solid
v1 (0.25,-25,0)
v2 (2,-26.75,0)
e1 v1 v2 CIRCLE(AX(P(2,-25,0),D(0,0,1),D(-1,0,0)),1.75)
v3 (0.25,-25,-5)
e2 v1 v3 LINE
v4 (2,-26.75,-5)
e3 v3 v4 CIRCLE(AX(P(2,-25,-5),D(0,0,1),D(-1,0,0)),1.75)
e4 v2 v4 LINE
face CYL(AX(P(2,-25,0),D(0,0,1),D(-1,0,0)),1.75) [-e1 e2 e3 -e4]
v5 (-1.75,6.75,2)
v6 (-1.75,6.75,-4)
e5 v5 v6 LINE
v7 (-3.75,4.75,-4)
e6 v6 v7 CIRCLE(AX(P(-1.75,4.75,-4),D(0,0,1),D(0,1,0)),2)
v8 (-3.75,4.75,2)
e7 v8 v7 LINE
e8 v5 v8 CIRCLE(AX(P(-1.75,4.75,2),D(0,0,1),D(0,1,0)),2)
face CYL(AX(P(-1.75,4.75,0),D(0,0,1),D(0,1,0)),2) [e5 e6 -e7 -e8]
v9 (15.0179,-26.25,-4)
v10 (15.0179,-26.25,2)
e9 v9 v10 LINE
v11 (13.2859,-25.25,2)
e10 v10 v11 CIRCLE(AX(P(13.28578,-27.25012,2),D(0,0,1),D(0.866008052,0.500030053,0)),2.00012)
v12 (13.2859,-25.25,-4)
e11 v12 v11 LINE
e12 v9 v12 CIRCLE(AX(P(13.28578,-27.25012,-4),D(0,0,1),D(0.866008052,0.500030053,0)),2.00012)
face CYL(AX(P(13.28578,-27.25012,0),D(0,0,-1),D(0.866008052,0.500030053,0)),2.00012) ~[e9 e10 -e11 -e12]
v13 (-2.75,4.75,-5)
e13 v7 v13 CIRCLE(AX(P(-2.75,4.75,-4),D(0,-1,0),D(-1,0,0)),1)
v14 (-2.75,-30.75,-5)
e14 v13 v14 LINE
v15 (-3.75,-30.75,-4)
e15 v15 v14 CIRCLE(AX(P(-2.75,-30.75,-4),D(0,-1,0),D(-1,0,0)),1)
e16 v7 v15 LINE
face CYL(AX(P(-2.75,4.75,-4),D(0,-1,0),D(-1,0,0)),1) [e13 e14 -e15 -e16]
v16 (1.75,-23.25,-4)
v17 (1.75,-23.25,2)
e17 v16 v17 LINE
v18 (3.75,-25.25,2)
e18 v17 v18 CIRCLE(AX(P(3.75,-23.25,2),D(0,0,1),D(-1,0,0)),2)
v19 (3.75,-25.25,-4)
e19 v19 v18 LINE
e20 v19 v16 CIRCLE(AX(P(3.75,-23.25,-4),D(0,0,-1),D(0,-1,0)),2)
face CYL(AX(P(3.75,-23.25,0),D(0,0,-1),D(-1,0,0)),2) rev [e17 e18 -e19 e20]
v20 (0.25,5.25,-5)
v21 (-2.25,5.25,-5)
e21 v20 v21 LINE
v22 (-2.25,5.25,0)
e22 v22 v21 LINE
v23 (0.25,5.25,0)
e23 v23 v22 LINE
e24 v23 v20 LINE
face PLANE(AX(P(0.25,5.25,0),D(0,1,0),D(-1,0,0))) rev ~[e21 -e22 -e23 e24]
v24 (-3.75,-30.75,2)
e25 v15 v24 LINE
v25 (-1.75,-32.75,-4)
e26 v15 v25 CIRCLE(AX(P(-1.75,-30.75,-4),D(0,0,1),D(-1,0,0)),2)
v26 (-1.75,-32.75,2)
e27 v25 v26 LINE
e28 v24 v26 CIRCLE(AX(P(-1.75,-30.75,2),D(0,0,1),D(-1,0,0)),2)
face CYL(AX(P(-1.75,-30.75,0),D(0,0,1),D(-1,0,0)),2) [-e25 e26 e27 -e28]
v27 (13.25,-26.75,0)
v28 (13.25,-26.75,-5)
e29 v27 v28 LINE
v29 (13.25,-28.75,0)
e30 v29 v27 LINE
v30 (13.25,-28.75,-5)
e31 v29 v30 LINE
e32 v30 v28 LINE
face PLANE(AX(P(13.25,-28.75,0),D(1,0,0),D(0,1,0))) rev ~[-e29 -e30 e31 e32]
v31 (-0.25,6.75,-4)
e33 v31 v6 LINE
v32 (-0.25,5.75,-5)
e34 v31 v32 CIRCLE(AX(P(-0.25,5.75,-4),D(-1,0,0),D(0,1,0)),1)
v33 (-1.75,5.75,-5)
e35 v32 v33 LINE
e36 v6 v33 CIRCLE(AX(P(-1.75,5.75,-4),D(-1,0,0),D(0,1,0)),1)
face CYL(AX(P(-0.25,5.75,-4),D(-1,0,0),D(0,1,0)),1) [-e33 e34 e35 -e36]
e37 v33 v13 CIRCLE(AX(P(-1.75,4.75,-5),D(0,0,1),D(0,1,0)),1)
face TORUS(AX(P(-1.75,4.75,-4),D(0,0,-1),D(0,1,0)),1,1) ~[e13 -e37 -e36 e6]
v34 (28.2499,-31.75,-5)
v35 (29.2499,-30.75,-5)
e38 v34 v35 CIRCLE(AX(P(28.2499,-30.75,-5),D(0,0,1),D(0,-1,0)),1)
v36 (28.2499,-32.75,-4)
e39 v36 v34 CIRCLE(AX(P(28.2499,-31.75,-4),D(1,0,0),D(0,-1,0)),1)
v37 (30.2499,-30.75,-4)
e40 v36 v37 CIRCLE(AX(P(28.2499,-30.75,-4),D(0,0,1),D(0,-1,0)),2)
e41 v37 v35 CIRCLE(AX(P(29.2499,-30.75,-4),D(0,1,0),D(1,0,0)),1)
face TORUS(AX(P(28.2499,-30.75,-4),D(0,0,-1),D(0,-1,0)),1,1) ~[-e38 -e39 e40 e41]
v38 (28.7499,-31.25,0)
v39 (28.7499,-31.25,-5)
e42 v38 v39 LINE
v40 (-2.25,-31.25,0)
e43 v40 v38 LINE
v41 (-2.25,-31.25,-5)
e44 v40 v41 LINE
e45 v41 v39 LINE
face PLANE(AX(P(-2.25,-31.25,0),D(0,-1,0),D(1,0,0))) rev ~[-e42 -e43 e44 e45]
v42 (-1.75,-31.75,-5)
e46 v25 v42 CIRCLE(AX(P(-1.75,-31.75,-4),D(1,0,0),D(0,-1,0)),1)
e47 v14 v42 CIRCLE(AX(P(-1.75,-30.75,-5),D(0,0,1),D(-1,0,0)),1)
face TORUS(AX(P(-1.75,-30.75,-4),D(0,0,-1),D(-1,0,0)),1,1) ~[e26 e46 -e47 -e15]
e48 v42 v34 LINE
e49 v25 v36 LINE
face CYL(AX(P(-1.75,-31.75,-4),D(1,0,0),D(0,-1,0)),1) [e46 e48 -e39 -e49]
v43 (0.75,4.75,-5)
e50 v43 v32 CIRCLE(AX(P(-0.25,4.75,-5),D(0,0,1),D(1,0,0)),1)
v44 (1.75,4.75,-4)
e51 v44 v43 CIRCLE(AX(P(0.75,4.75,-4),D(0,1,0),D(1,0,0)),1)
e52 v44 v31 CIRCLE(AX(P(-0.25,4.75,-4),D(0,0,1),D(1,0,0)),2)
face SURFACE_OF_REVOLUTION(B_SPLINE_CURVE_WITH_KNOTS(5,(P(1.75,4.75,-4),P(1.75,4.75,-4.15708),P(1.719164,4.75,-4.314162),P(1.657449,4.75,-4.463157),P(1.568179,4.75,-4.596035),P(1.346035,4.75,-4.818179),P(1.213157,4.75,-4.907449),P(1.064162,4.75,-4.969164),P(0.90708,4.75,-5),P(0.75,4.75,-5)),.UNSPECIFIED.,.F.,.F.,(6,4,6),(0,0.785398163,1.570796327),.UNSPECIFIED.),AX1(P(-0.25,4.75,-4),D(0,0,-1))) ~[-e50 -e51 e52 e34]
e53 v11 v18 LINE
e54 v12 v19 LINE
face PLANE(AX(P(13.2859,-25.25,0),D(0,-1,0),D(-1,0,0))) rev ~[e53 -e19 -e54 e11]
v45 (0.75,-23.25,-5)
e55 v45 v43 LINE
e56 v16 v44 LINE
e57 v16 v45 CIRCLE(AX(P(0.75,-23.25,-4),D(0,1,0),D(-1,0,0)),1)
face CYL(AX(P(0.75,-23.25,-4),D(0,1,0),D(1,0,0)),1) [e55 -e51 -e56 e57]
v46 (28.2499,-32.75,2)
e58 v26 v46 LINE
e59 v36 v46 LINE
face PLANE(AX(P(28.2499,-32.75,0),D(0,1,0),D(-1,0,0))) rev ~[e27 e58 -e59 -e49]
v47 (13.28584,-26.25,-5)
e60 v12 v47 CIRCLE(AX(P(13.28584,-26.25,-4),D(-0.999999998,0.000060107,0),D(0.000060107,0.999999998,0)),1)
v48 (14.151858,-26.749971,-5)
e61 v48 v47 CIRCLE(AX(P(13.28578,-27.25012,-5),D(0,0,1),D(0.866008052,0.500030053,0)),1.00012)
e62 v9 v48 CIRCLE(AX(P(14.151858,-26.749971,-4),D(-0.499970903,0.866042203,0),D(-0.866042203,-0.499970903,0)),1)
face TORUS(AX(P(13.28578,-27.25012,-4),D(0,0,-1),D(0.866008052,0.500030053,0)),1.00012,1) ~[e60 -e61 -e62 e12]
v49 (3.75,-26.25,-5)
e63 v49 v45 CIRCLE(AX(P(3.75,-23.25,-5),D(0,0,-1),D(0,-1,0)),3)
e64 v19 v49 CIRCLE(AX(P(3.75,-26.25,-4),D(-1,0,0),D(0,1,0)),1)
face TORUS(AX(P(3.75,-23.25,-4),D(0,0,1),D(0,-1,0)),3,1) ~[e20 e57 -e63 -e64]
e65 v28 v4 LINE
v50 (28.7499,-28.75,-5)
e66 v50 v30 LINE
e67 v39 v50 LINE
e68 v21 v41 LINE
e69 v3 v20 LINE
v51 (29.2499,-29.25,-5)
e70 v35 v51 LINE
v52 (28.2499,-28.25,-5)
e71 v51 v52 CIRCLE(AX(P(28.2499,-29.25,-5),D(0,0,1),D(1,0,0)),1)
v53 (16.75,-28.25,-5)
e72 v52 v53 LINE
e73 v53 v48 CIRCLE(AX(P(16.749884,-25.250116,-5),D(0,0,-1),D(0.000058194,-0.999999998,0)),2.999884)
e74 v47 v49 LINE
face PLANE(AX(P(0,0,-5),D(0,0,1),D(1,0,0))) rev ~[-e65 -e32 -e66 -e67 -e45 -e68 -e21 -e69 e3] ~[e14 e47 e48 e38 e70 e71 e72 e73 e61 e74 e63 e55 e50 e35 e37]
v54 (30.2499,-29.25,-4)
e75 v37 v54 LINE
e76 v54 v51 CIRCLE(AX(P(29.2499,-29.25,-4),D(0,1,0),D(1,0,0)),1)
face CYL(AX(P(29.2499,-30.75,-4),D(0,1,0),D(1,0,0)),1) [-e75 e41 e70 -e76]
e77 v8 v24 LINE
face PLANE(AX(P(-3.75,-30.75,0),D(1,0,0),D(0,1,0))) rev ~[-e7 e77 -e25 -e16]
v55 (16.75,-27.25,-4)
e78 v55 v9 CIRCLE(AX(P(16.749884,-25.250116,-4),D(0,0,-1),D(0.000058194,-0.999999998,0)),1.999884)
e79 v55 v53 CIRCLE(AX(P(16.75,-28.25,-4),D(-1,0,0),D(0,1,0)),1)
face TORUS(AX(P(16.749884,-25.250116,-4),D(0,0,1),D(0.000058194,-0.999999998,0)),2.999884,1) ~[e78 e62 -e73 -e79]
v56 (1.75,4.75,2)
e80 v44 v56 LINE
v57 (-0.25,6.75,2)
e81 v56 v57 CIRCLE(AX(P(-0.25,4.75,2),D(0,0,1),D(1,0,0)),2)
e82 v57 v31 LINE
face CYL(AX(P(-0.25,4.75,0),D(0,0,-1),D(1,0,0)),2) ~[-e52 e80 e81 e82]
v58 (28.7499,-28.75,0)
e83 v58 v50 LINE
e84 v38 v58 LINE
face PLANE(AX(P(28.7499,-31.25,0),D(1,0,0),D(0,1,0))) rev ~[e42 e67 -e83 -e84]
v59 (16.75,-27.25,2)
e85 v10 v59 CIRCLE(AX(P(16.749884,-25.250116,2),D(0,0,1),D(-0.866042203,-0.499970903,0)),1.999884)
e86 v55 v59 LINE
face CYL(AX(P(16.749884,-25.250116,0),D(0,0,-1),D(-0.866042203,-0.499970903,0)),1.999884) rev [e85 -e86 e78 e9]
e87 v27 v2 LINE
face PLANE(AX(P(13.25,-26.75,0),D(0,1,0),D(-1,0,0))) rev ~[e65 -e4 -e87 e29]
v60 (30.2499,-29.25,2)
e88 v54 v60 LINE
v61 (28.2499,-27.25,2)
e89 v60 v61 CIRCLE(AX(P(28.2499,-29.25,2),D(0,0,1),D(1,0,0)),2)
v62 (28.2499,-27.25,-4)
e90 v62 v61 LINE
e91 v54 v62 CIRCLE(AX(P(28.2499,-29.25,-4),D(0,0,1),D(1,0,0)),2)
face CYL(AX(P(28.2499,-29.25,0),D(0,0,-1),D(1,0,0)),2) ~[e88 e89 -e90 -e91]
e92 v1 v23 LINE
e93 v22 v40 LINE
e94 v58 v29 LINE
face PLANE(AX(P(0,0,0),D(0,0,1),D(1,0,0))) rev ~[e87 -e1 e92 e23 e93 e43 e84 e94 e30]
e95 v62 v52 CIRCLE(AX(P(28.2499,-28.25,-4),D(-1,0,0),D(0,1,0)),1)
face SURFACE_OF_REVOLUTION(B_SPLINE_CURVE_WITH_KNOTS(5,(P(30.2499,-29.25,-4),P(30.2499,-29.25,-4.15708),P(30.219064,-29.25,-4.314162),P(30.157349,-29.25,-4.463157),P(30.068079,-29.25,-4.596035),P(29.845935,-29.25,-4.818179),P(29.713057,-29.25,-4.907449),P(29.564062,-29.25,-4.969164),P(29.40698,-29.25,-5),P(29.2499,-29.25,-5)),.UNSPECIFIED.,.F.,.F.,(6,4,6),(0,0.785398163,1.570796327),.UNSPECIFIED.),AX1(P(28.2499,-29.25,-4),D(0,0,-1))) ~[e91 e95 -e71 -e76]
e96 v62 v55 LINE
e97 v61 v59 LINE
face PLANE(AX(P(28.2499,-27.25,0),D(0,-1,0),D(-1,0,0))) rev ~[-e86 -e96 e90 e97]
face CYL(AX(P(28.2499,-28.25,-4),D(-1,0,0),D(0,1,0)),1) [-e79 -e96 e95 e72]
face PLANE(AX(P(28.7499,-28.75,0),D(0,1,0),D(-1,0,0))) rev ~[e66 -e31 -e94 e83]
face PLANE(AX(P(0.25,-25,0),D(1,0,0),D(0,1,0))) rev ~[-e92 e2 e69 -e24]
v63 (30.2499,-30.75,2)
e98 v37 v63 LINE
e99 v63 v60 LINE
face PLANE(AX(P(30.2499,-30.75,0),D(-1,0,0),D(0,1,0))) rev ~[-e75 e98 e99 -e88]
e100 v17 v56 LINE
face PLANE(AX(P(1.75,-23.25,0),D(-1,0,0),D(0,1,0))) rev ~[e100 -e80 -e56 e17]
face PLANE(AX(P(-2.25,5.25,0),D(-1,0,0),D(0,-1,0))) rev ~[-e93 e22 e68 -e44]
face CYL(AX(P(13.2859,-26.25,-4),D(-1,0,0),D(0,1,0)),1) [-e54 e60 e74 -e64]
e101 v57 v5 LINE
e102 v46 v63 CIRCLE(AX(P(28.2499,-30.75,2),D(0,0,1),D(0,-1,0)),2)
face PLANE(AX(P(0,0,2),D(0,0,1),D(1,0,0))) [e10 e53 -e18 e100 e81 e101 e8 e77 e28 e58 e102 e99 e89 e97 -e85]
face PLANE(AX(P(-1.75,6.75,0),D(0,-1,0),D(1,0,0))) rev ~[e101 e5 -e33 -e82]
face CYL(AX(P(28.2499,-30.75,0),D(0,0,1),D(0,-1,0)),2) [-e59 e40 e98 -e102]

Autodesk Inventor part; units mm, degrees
ref_plane "YZ Plane" through (0, 0, 0) normal (1, 0, 0) x (0, 1, 0)
ref_plane "XZ Plane" through (0, 0, 0) normal (0, 1, 0) x (-1, 0, 0)
ref_plane "XY Plane" through (0, 0, 0) normal (0, 0, 1) x (1, 0, 0)
sketch "Skizze1" plane through (0, 0, 0) normal (0, 0, 1) x (1, 0, 0)
  line L0 (-2, -29) -> (-2, -31) construction
  line L1 (0, -31) -> (-2, -31) construction
  line L2 (-2, -29) -> (0, -29) construction
  line L3 (0, -31) -> (26.4999, -31) construction
  line L4 (28.4999, -31) -> (26.4999, -31) construction
  line L5 (26.4999, -29) -> (28.4999, -29) construction
  line L6 (28.4999, -31) -> (28.4999, -29) construction
  line L7 (26.4999, -29) -> (0, -29) construction
  line L8 (13, -27) -> (13, -29) construction
  line L9 (13, -27) -> (2, -27) construction
  arc A0 (0, -25) -> (2, -27) centre (2, -25) ccw construction
  arc A1 (-2, -25) -> (2, -29) centre (2, -25) ccw construction
  line L10 (-2, 0) -> (-2, -25) construction
  line L11 (0, -25) -> (0, 0) construction
  line L12 (-2, 0) -> (-2, 5) construction
  line L13 (0, 5) -> (0, 0) construction
  line L14 (0, 5) -> (-2, 5) construction
  line L15 (28.4999, -31) -> (-2, -31) construction
  line L16 (-2, -31) -> (-2, 5) construction
  line L17 (-2, 5) -> (0, 5) construction
  line L18 (0, 5) -> (0, -25) construction
  arc A2 (0, -25) -> (2, -27) centre (2, -25) ccw construction
  line L19 (2, -27) -> (13, -27) construction
  line L20 (13, -27) -> (13, -29) construction
  line L21 (13, -29) -> (28.4999, -29) construction
  line L22 (28.4999, -31) -> (28.4999, -29) construction
  line L23 (-2.25, 5.25) -> (-2.25, -31.25)
  line L24 (-2.25, -31.25) -> (28.7499, -31.25)
  line L25 (28.7499, -31.25) -> (28.7499, -28.75)
  line L26 (28.7499, -28.75) -> (13.25, -28.75)
  line L27 (13.25, -28.75) -> (13.25, -26.75)
  line L28 (13.25, -26.75) -> (2, -26.75)
  arc A3 (0.25, -25) -> (2, -26.75) centre (2, -25) ccw
  line L29 (0.25, -25) -> (0.25, 5.25)
  line L30 (0.25, 5.25) -> (-2.25, 5.25)
  line L31 (-3.75, -30.75) -> (-3.75, 4.75)
  line L32 (-1.75, 6.75) -> (-0.25, 6.75)
  line L33 (1.75, 4.75) -> (1.75, -23.25)
  arc A4 (1.75, -25) -> (2, -25.25) centre (2, -25) ccw
  line L34 (3.75, -25.25) -> (13.2859, -25.25)
  line L35 (14.75, -25.25) -> (14.75, -25.25)
  line L36 (16.75, -27.25) -> (28.2499, -27.25)
  line L37 (30.2499, -29.25) -> (30.2499, -30.75)
  line L38 (28.2499, -32.75) -> (-1.75, -32.75)
  arc A5 (28.2499, -32.75) -> (30.2499, -30.75) centre (28.2499, -30.75) ccw
  arc A6 (30.2499, -29.25) -> (28.2499, -27.25) centre (28.2499, -29.25) ccw
  arc A7 (-3.75, -30.75) -> (-1.75, -32.75) centre (-1.75, -30.75) ccw
  arc A8 (15.0179, -26.25) -> (16.75, -27.25) centre (16.75, -25.25) ccw
  arc A9 (15.0179, -26.25) -> (13.2859, -25.25) centre (13.2859, -27.25) ccw
  arc A10 (1.75, -23.25) -> (3.75, -25.25) centre (3.75, -23.25) ccw
  arc A11 (1.75, 4.75) -> (-0.25, 6.75) centre (-0.25, 4.75) ccw
  arc A12 (-1.75, 6.75) -> (-3.75, 4.75) centre (-1.75, 4.75) ccw
  dimension "d0" = 0.25
  dimension "d1" = 1.5
  dimension "d2" = 2
  dimension "d3" = 2
extrude "Extrusion1" add sketch "Skizze1" against normal blind 5
fillet "Rundung1" radius 1 15 edges at (-3.1642, -32.1642, -5) (-3.75, -13, -5) (-3.1642, 6.1642, -5) (-1, 6.75, -5) (1.1642, 6.1642, -5) (1.75, -9.25, -5) (2.3358, -24.6642, -5) (8.5179, -25.25, -5) (14.2859, -25.5179, -5) (15.75, -26.9821, -5) (22.5, -27.25, -5) (29.6641, -27.8358, -5) (30.2499, -30, -5) (29.6641, -32.1642, -5) (13.25, -32.75, -5)
sketch "Skizze2" plane through (0, 0, 0) normal (0, 0, 1) x (1, 0, 0)
  line L0 (28.7499, -31.25) -> (-2.25, -31.25) projected
  line L1 (-2.25, -31.25) -> (-2.25, 5.25) projected
  line L2 (-2.25, 5.25) -> (0.25, 5.25) projected
  line L3 (0.25, 5.25) -> (0.25, -25) projected
  arc A0 (0.25, -25) -> (2, -26.75) centre (2, -25) ccw projected
  line L4 (2, -26.75) -> (13.25, -26.75) projected
  line L5 (13.25, -26.75) -> (13.25, -28.75) projected
  line L6 (13.25, -28.75) -> (28.7499, -28.75) projected
  line L7 (28.7499, -28.75) -> (28.7499, -31.25) projected
  line L8 (30.2499, -30.75) -> (30.2499, -29.25) projected
  arc A1 (30.2499, -29.25) -> (28.2499, -27.25) centre (28.2499, -29.25) ccw projected
  line L9 (28.2499, -27.25) -> (16.75, -27.25) projected
  arc A2 (15.0179, -26.25) -> (16.75, -27.25) centre (16.75, -25.25) ccw projected
  arc A3 (15.0179, -26.25) -> (13.2859, -25.25) centre (13.2859, -27.25) ccw projected
  line L10 (13.2859, -25.25) -> (3.75, -25.25) projected
  arc A4 (1.75, -23.25) -> (3.75, -25.25) centre (3.75, -23.25) ccw projected
  line L11 (1.75, -23.25) -> (1.75, 4.75) projected
  arc A5 (1.75, 4.75) -> (-0.25, 6.75) centre (-0.25, 4.75) ccw projected
  line L12 (-0.25, 6.75) -> (-1.75, 6.75) projected
  arc A6 (-1.75, 6.75) -> (-3.75, 4.75) centre (-1.75, 4.75) ccw projected
  line L13 (-3.75, 4.75) -> (-3.75, -30.75) projected
  arc A7 (-3.75, -30.75) -> (-1.75, -32.75) centre (-1.75, -30.75) ccw projected
  line L14 (-1.75, -32.75) -> (28.2499, -32.75) projected
  arc A8 (28.2499, -32.75) -> (30.2499, -30.75) centre (28.2499, -30.75) ccw projected
  point P0 (0, 0)
extrude "Extrusion2" add sketch "Skizze2" along normal blind 2 contours L0 L1 L2 L3 A0 L4 L5 L6 L7 | A8 L14 A7 L13 A6 L12 A5 L11 A4 L10 A3 A2 L9 A1 L8
properties part number "Stand_Vorne"
